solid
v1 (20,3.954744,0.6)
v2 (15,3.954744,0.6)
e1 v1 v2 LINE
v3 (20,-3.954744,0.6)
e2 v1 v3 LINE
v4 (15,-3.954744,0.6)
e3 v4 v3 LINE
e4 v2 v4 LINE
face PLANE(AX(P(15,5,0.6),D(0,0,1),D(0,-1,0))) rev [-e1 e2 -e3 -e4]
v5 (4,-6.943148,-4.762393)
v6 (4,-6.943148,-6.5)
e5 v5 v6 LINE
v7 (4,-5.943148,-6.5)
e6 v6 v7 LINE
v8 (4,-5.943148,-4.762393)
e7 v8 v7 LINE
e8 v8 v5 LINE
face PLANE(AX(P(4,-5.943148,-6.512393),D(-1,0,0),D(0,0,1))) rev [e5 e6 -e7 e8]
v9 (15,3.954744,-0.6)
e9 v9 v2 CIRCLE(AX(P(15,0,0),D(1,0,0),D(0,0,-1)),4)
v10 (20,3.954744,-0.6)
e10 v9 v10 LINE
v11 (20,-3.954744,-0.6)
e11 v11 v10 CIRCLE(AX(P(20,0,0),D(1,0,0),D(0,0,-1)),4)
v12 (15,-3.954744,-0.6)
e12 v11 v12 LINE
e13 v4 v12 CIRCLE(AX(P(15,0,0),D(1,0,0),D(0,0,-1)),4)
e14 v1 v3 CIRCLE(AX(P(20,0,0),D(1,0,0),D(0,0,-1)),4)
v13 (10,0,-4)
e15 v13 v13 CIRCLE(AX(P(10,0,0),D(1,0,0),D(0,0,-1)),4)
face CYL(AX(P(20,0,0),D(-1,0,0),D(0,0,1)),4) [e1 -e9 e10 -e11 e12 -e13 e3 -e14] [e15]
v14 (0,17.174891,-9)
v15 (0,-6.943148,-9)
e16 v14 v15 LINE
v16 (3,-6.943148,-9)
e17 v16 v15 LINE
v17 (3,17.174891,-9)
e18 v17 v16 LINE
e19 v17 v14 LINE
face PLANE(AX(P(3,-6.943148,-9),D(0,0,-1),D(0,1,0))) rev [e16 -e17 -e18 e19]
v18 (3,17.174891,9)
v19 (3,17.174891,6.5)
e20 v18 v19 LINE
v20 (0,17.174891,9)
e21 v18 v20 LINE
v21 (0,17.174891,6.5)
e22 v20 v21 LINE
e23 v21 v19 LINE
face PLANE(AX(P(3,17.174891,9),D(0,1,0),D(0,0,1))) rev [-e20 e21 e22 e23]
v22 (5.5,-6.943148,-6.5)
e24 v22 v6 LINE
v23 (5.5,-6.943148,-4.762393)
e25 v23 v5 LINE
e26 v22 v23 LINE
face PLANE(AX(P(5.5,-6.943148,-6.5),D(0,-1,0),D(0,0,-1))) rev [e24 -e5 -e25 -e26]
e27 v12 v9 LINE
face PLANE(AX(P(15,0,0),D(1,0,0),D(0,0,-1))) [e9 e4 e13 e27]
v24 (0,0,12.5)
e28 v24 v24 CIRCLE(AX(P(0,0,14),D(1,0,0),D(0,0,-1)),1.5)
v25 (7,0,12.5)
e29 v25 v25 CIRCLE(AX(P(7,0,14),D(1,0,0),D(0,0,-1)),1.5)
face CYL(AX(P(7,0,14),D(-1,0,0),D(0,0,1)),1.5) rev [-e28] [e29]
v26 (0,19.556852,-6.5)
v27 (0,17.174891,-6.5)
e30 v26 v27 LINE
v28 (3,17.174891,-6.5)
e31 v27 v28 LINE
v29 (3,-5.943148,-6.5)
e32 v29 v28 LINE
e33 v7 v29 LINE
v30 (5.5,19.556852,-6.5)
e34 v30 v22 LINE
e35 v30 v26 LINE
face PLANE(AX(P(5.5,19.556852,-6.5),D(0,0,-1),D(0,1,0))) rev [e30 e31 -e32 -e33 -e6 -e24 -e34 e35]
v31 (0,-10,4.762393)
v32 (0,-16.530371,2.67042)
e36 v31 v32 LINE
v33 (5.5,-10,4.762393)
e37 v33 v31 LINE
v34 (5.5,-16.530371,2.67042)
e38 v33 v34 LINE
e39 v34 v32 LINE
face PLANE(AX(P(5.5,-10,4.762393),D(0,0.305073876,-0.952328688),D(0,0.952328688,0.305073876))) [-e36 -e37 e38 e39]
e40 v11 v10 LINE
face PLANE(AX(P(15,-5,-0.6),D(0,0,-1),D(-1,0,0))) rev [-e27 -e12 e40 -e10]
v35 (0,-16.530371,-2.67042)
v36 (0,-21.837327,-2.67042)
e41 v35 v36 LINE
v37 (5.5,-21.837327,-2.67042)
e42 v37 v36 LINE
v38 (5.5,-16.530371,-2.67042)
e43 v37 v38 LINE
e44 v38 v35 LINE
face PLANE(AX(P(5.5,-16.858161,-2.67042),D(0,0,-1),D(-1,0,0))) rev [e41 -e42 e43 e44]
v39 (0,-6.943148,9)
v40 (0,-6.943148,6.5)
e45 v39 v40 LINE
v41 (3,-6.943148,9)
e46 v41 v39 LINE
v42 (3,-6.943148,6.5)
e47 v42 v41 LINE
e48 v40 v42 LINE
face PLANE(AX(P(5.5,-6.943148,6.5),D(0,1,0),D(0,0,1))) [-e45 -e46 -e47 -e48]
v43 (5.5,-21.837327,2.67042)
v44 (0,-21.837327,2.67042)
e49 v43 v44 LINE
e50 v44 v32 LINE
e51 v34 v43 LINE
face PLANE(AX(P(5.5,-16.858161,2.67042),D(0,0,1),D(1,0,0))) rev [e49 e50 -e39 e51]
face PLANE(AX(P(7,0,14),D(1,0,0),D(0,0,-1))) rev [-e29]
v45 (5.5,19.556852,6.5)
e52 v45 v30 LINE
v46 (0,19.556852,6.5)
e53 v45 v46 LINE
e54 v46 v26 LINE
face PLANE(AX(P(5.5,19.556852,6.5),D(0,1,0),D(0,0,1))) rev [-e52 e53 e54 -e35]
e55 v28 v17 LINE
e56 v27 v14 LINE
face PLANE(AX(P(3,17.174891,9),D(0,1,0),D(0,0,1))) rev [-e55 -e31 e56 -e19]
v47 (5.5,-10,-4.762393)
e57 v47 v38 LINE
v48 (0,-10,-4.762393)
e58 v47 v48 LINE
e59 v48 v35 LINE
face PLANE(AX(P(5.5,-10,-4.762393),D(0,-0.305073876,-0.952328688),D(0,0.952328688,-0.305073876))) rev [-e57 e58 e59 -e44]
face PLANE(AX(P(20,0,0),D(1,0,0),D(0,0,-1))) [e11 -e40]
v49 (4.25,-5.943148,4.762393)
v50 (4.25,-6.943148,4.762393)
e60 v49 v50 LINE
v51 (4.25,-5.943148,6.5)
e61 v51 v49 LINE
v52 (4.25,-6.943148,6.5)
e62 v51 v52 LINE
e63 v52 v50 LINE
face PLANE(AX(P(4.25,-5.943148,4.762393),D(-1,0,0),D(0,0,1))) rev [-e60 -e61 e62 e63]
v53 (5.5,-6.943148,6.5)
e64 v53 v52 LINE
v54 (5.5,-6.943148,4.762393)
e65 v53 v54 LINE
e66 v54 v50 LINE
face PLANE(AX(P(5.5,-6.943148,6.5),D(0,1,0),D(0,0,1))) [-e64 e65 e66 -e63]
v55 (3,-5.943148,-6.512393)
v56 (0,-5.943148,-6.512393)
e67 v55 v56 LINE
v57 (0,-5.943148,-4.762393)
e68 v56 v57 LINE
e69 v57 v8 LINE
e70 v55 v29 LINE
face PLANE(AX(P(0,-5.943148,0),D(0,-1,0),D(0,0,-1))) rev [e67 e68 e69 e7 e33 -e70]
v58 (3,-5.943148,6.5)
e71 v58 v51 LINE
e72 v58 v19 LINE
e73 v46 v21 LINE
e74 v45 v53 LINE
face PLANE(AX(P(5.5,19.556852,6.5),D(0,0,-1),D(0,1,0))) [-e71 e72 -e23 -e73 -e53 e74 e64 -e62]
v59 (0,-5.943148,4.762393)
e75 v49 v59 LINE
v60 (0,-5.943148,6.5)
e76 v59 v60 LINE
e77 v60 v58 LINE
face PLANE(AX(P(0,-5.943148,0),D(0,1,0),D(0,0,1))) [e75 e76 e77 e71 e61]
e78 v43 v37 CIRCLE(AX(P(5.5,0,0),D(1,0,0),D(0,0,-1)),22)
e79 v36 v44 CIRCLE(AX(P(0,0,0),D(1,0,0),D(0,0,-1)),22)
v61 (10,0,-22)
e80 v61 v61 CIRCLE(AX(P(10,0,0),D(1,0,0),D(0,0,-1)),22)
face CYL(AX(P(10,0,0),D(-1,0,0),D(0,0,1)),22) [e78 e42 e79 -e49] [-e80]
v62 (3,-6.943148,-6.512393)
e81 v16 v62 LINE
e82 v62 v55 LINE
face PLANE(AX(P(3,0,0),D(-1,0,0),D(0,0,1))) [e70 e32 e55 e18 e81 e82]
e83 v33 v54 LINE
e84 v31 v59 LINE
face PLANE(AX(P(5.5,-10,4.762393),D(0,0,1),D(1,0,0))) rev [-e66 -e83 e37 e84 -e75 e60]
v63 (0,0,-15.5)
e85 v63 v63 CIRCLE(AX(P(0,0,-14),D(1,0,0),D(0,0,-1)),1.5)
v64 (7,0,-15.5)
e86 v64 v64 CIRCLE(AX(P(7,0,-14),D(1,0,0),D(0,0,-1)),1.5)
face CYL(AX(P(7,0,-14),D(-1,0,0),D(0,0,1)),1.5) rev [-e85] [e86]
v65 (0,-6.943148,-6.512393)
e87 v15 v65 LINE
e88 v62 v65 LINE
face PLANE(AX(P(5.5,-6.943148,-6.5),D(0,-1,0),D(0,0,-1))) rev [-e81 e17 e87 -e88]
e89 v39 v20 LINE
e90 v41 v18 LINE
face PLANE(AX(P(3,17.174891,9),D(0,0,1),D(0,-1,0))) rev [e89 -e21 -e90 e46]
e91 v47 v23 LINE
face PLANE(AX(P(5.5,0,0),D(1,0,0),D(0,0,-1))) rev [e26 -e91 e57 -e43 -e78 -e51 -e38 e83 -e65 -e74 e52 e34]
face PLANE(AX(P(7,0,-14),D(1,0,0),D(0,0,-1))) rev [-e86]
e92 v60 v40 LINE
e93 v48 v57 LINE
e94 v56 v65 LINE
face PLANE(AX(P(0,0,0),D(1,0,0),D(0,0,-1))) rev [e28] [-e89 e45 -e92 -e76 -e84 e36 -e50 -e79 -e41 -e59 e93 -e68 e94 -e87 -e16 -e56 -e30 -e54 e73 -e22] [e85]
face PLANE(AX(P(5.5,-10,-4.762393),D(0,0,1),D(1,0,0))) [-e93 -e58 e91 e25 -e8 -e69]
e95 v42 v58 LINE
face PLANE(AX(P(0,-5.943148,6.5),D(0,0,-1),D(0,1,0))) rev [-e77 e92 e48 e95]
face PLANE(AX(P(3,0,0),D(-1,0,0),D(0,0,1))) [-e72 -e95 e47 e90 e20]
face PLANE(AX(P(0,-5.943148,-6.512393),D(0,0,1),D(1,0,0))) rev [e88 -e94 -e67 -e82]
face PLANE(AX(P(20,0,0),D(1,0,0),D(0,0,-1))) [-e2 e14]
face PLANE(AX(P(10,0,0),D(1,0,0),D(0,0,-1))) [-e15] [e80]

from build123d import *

# Parameters (mm, degrees)
SKETCH1_R           = 22
BOSS_EXTRUDE1_DEPTH = 10
CUT_EXTRUDE2_DEPTH  = 5.5
SKETCH15_W          = 18
SKETCH15_H          = 24.118038922
CUT_EXTRUDE3_DEPTH  = 3
SKETCH16_R          = 4
BOSS_EXTRUDE2_DEPTH = 10
CUT_EXTRUDE4_START  = 20
SKETCH8_W           = 1.2
SKETCH8_H           = 10
CUT_EXTRUDE4_DEPTH  = 5
SKETCH17_W          = 4
SKETCH17_H          = 1.75
BOSS_EXTRUDE3_DEPTH = 1
SKETCH18_W          = 4.25
SKETCH18_H          = 1.737607108
BOSS_EXTRUDE4_DEPTH = 1
SKETCH22_R          = 1.5
CUT_EXTRUDE7_DEPTH  = 7


with BuildPart() as part:
    # Sketch1 → Boss-Extrude1 (new body)
    with BuildSketch(Plane(origin=(0, 0, 0), x_dir=(0, 0, -1), z_dir=(1, 0, 0))):
        Circle(SKETCH1_R)
    extrude(amount=BOSS_EXTRUDE1_DEPTH)

    # Sketch13 → Cut-Extrude2 (cut)
    with BuildSketch(Plane(origin=(0, 0, 0), x_dir=(0, 0, -1), z_dir=(1, 0, 0))):
        with BuildLine():
            Line((-2.670420152, -16.85816067), (-2.670420152, -16.530371213))
            Line((-2.670420152, -16.530371213), (-4.762392892, -10))
            Line((-4.762392892, -10), (-4.762392892, -6.943148259))
            Line((-4.762392892, -6.943148259), (-6.5, -6.943148259))
            Line((-6.5, -6.943148259), (-6.5, 19.556851741))
            Line((-6.5, 19.556851741), (6.5, 19.556851741))
            Line((6.5, 19.556851741), (6.5, -6.943148259))
            Line((6.5, -6.943148259), (4.762392892, -6.943148259))
            Line((4.762392892, -6.943148259), (4.762392892, -10))
            Line((4.762392892, -10), (2.670420152, -16.530371213))
            Line((2.670420152, -16.530371213), (2.670420152, -16.85816067))
            Line((2.670420152, -16.85816067), (2.670420152, -21.837327131))
            ThreePointArc((2.670420152, -21.837327131), (1.836835043, -21.92318492), (1.000584871, -21.977234355))
            Line((1.000584871, -21.977234355), (0, -25.25))
            Line((0, -25.25), (-1.000584871, -21.977234355))
            ThreePointArc((-1.000584871, -21.977234355), (-1.836835043, -21.92318492), (-2.670420152, -21.837327131))
            Line((-2.670420152, -21.837327131), (-2.670420152, -16.85816067))
        make_face()
    extrude(amount=CUT_EXTRUDE2_DEPTH, mode=Mode.SUBTRACT)

    # Sketch15 → Cut-Extrude3 (cut)
    with BuildSketch(Plane.ZY):
        with Locations((0, 5.115871202)):
            Rectangle(SKETCH15_W, SKETCH15_H)
    extrude(amount=-CUT_EXTRUDE3_DEPTH, mode=Mode.SUBTRACT)

    # Sketch16 → Boss-Extrude2 (add)
    with BuildSketch(Plane(origin=(10, 0, 0), x_dir=(0, 0, -1), z_dir=(1, 0, 0))):
        Circle(SKETCH16_R)
    extrude(amount=BOSS_EXTRUDE2_DEPTH)

    # Sketch8 → Cut-Extrude4 (cut)
    with BuildSketch(Plane(origin=(0, 0, 0), x_dir=(0, 0, -1), z_dir=(1, 0, 0)).offset(CUT_EXTRUDE4_START)):
        Rectangle(SKETCH8_W, SKETCH8_H)
    extrude(amount=-CUT_EXTRUDE4_DEPTH, mode=Mode.SUBTRACT)

    # Sketch17 → Boss-Extrude3 (add)
    with BuildSketch(Plane(origin=(0, -6.943148259, 0), x_dir=(1, 0, 0), z_dir=(0, 1, 0))):
        with Locations((2, 5.637392892)):
            Rectangle(SKETCH17_W, SKETCH17_H)
    extrude(amount=BOSS_EXTRUDE3_DEPTH)

    # Sketch18 → Boss-Extrude4 (add)
    with BuildSketch(Plane(origin=(0, -6.943148259, 0), x_dir=(1, 0, 0), z_dir=(0, 1, 0))):
        with Locations((2.125, -5.631196446)):
            Rectangle(SKETCH18_W, SKETCH18_H)
    extrude(amount=BOSS_EXTRUDE4_DEPTH)

    # Sketch22 → Cut-Extrude7 (cut)
    with BuildSketch(Plane(origin=(0, 0, 0), x_dir=(0, 0, -1), z_dir=(1, 0, 0))):
        with Locations((-14, 0)):
            Circle(SKETCH22_R)
        with Locations((14, 0)):
            Circle(SKETCH22_R)
    extrude(amount=CUT_EXTRUDE7_DEPTH, mode=Mode.SUBTRACT)


solid = part.part
